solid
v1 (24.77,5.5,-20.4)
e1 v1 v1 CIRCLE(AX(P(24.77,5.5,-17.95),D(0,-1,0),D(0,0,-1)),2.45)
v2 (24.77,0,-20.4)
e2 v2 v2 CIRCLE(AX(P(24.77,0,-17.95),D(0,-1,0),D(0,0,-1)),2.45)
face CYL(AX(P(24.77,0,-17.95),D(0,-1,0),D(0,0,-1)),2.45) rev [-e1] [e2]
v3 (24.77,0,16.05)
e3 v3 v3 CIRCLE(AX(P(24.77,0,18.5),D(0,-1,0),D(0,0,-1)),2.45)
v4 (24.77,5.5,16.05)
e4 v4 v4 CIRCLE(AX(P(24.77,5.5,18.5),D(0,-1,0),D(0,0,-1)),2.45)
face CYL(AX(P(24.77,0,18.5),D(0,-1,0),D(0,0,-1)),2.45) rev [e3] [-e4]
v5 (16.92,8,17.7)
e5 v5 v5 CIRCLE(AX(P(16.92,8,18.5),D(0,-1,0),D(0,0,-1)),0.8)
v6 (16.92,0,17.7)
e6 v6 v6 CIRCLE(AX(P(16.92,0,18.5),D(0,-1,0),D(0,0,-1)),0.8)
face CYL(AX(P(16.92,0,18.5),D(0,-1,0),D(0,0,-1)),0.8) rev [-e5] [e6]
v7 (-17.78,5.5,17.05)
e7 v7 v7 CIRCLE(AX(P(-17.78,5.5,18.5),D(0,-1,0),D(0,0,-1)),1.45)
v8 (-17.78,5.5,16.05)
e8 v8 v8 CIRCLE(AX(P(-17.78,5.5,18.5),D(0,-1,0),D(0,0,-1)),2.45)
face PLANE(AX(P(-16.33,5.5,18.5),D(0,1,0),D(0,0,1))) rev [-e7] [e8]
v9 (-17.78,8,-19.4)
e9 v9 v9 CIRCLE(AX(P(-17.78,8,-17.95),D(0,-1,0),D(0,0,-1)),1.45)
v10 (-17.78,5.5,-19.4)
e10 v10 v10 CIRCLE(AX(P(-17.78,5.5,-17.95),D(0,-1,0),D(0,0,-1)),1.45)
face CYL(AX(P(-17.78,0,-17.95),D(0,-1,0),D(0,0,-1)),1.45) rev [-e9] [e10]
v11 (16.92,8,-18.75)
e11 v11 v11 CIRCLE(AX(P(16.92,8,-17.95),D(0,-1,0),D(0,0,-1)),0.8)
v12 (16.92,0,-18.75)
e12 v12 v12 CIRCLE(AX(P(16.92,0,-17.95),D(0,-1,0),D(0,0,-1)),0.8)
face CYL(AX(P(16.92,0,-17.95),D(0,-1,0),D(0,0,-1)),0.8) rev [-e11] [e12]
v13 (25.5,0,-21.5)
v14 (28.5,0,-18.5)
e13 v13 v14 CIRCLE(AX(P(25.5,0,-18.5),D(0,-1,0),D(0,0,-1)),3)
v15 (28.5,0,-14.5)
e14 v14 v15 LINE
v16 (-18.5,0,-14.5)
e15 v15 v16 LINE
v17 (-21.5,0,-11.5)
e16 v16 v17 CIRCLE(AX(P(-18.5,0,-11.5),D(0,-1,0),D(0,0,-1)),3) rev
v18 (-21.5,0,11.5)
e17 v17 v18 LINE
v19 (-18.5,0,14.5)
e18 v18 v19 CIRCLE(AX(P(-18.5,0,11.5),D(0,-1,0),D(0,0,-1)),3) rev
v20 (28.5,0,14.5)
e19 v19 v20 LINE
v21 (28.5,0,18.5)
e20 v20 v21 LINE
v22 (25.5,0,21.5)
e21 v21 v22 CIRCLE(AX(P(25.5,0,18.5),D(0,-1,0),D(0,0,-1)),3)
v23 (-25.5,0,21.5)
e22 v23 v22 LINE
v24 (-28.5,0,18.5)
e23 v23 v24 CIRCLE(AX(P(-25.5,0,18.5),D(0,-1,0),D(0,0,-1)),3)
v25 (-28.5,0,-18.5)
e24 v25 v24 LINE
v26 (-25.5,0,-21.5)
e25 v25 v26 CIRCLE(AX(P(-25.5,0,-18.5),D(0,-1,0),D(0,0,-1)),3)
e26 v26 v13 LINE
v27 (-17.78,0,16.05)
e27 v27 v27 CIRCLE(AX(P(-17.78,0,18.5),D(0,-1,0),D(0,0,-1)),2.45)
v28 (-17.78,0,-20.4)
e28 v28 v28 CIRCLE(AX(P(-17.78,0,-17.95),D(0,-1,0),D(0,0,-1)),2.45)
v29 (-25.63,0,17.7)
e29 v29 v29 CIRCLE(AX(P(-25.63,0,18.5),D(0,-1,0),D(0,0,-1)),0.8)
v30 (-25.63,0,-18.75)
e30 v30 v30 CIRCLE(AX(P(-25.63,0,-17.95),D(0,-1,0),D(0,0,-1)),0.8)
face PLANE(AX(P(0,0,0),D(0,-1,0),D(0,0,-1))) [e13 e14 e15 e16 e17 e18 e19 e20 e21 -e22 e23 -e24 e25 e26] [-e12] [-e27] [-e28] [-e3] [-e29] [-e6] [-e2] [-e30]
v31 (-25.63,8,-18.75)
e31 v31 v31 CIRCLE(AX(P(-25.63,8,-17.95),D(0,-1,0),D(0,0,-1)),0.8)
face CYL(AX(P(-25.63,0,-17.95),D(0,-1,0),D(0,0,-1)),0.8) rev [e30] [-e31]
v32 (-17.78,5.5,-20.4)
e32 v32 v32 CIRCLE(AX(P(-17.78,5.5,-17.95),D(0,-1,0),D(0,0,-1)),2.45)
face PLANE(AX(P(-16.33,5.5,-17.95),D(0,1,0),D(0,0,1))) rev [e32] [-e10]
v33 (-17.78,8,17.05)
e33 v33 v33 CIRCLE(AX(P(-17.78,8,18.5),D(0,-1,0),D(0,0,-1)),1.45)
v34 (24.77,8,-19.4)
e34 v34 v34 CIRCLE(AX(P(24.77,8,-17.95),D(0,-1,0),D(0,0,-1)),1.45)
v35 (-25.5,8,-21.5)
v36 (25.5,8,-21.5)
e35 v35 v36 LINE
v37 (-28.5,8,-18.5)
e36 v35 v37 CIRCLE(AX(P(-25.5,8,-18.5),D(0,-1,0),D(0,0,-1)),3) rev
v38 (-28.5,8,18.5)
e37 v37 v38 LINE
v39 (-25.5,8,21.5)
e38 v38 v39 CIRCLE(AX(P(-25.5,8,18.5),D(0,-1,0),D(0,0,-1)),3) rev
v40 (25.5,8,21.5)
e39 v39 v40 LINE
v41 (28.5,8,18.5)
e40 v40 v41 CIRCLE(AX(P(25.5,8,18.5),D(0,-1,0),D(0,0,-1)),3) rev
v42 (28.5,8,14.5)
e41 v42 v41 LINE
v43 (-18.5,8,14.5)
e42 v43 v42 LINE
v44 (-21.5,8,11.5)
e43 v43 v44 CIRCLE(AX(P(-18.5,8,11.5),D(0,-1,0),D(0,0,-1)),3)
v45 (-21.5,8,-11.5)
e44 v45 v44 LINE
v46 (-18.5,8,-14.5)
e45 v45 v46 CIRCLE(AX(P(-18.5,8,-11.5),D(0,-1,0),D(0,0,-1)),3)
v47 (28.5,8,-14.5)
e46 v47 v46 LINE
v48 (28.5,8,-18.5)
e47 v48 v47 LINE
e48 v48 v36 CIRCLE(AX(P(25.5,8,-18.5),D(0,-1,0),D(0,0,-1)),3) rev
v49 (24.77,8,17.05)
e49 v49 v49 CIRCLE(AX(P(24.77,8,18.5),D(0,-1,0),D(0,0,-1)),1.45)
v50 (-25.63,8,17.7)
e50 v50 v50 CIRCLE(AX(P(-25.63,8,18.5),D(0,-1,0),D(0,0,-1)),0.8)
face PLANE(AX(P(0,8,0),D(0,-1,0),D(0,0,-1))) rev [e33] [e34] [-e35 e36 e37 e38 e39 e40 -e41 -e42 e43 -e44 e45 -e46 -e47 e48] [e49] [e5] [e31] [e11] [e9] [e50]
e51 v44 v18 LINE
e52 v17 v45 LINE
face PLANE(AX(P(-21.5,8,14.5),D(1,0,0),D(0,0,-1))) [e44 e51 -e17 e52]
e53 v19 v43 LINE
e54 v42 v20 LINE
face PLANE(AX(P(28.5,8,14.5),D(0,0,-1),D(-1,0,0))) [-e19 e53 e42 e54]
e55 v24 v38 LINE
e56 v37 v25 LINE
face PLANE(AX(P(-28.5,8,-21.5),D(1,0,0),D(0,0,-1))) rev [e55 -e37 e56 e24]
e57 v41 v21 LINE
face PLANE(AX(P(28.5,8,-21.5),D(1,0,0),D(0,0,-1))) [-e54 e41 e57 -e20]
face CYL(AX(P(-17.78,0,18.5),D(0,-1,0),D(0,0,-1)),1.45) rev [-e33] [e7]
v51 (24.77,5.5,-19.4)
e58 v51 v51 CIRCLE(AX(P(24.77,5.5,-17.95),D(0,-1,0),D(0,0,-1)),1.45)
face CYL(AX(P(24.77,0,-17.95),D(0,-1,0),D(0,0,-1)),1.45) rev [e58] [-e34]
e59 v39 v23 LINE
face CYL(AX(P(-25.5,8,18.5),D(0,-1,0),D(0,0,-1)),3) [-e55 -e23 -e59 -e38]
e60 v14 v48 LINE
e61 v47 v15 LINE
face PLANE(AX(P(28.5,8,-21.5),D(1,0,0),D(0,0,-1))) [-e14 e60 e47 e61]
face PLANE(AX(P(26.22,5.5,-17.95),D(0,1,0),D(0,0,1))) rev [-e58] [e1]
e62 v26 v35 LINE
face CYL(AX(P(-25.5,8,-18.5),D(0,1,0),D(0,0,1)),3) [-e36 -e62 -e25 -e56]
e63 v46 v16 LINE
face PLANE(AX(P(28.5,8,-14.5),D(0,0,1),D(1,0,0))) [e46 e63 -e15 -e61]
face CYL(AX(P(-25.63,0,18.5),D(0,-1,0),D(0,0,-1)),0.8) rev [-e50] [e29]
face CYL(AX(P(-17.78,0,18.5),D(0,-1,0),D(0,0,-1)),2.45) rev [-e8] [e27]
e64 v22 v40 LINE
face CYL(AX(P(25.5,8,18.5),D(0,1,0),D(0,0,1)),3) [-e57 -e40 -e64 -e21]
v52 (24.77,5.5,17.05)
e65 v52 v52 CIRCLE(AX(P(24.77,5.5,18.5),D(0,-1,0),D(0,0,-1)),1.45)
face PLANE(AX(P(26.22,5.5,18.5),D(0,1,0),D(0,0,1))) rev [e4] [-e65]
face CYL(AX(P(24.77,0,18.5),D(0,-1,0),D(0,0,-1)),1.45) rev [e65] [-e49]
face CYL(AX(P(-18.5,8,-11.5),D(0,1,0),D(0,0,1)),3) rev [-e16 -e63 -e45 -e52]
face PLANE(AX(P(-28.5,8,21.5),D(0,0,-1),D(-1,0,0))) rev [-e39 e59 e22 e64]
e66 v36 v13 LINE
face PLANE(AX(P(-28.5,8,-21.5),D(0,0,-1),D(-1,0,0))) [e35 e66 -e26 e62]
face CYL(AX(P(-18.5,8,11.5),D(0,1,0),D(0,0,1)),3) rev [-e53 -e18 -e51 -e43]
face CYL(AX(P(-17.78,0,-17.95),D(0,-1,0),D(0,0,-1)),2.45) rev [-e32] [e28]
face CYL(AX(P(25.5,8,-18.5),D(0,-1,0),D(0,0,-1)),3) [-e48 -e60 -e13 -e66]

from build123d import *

# Parameters (mm, degrees)
SKETCH1_W                      = 57
SKETCH1_H                      = 43
BOSS_EXTRUDE1_DEPTH            = 8
SKETCH2_W                      = 50
SKETCH2_H                      = 29
CUT_EXTRUDE1_DEPTH             = 8
FILLET1_R                      = 3
M2X0_4_TAPPED_HOLE1_D          = 1.6
CBORE_FOR_M2_SHCS1_D           = 2.9
CBORE_FOR_M2_SHCS1_CBORE_D     = 4.9
CBORE_FOR_M2_SHCS1_CBORE_DEPTH = 5.5


with BuildPart() as part:
    # Sketch1 → Boss-Extrude1 (new body)
    with BuildSketch(Plane(origin=(0, 0, 0), x_dir=(1, 0, 0), z_dir=(0, 1, 0))):
        Rectangle(SKETCH1_W, SKETCH1_H)
    extrude(amount=BOSS_EXTRUDE1_DEPTH)

    # Sketch2 → Cut-Extrude1 (cut)
    with BuildSketch(Plane(origin=(0, 0, 0), x_dir=(1, 0, 0), z_dir=(0, 1, 0))):
        with Locations((3.5, 0)):
            Rectangle(SKETCH2_W, SKETCH2_H)
    extrude(amount=CUT_EXTRUDE1_DEPTH, mode=Mode.SUBTRACT)

    # Fillet1
    fillet1_edges = [part.edges().sort_by_distance(p)[0] for p in [
        (-21.5, 4, -14.5),
        (-21.5, 4, 14.5),
        (-28.5, 4, -21.5),
        (-28.5, 4, 21.5),
        (28.5, 4, 21.5),
        (28.5, 4, -21.5),
    ]]
    fillet(fillet1_edges, radius=FILLET1_R)

    # M2x0.4 Tapped Hole1 (through all)
    with Locations(Plane(origin=(0, 0, 0), x_dir=(-1, 0, 0), z_dir=(0, -1, 0))):
        with Locations((25.63, 17.95), (25.63, -18.5), (-16.92, -18.5), (-16.92, 17.95)):
            Hole(M2X0_4_TAPPED_HOLE1_D / 2)

    # CBORE for M2 SHCS1 (through all)
    with Locations(Plane(origin=(0, 0, 0), x_dir=(-1, 0, 0), z_dir=(0, -1, 0))):
        with Locations((-24.77, 17.95), (17.78, 17.95), (17.78, -18.5), (-24.77, -18.5)):
            CounterBoreHole(CBORE_FOR_M2_SHCS1_D / 2, CBORE_FOR_M2_SHCS1_CBORE_D / 2, CBORE_FOR_M2_SHCS1_CBORE_DEPTH)


solid = part.part
